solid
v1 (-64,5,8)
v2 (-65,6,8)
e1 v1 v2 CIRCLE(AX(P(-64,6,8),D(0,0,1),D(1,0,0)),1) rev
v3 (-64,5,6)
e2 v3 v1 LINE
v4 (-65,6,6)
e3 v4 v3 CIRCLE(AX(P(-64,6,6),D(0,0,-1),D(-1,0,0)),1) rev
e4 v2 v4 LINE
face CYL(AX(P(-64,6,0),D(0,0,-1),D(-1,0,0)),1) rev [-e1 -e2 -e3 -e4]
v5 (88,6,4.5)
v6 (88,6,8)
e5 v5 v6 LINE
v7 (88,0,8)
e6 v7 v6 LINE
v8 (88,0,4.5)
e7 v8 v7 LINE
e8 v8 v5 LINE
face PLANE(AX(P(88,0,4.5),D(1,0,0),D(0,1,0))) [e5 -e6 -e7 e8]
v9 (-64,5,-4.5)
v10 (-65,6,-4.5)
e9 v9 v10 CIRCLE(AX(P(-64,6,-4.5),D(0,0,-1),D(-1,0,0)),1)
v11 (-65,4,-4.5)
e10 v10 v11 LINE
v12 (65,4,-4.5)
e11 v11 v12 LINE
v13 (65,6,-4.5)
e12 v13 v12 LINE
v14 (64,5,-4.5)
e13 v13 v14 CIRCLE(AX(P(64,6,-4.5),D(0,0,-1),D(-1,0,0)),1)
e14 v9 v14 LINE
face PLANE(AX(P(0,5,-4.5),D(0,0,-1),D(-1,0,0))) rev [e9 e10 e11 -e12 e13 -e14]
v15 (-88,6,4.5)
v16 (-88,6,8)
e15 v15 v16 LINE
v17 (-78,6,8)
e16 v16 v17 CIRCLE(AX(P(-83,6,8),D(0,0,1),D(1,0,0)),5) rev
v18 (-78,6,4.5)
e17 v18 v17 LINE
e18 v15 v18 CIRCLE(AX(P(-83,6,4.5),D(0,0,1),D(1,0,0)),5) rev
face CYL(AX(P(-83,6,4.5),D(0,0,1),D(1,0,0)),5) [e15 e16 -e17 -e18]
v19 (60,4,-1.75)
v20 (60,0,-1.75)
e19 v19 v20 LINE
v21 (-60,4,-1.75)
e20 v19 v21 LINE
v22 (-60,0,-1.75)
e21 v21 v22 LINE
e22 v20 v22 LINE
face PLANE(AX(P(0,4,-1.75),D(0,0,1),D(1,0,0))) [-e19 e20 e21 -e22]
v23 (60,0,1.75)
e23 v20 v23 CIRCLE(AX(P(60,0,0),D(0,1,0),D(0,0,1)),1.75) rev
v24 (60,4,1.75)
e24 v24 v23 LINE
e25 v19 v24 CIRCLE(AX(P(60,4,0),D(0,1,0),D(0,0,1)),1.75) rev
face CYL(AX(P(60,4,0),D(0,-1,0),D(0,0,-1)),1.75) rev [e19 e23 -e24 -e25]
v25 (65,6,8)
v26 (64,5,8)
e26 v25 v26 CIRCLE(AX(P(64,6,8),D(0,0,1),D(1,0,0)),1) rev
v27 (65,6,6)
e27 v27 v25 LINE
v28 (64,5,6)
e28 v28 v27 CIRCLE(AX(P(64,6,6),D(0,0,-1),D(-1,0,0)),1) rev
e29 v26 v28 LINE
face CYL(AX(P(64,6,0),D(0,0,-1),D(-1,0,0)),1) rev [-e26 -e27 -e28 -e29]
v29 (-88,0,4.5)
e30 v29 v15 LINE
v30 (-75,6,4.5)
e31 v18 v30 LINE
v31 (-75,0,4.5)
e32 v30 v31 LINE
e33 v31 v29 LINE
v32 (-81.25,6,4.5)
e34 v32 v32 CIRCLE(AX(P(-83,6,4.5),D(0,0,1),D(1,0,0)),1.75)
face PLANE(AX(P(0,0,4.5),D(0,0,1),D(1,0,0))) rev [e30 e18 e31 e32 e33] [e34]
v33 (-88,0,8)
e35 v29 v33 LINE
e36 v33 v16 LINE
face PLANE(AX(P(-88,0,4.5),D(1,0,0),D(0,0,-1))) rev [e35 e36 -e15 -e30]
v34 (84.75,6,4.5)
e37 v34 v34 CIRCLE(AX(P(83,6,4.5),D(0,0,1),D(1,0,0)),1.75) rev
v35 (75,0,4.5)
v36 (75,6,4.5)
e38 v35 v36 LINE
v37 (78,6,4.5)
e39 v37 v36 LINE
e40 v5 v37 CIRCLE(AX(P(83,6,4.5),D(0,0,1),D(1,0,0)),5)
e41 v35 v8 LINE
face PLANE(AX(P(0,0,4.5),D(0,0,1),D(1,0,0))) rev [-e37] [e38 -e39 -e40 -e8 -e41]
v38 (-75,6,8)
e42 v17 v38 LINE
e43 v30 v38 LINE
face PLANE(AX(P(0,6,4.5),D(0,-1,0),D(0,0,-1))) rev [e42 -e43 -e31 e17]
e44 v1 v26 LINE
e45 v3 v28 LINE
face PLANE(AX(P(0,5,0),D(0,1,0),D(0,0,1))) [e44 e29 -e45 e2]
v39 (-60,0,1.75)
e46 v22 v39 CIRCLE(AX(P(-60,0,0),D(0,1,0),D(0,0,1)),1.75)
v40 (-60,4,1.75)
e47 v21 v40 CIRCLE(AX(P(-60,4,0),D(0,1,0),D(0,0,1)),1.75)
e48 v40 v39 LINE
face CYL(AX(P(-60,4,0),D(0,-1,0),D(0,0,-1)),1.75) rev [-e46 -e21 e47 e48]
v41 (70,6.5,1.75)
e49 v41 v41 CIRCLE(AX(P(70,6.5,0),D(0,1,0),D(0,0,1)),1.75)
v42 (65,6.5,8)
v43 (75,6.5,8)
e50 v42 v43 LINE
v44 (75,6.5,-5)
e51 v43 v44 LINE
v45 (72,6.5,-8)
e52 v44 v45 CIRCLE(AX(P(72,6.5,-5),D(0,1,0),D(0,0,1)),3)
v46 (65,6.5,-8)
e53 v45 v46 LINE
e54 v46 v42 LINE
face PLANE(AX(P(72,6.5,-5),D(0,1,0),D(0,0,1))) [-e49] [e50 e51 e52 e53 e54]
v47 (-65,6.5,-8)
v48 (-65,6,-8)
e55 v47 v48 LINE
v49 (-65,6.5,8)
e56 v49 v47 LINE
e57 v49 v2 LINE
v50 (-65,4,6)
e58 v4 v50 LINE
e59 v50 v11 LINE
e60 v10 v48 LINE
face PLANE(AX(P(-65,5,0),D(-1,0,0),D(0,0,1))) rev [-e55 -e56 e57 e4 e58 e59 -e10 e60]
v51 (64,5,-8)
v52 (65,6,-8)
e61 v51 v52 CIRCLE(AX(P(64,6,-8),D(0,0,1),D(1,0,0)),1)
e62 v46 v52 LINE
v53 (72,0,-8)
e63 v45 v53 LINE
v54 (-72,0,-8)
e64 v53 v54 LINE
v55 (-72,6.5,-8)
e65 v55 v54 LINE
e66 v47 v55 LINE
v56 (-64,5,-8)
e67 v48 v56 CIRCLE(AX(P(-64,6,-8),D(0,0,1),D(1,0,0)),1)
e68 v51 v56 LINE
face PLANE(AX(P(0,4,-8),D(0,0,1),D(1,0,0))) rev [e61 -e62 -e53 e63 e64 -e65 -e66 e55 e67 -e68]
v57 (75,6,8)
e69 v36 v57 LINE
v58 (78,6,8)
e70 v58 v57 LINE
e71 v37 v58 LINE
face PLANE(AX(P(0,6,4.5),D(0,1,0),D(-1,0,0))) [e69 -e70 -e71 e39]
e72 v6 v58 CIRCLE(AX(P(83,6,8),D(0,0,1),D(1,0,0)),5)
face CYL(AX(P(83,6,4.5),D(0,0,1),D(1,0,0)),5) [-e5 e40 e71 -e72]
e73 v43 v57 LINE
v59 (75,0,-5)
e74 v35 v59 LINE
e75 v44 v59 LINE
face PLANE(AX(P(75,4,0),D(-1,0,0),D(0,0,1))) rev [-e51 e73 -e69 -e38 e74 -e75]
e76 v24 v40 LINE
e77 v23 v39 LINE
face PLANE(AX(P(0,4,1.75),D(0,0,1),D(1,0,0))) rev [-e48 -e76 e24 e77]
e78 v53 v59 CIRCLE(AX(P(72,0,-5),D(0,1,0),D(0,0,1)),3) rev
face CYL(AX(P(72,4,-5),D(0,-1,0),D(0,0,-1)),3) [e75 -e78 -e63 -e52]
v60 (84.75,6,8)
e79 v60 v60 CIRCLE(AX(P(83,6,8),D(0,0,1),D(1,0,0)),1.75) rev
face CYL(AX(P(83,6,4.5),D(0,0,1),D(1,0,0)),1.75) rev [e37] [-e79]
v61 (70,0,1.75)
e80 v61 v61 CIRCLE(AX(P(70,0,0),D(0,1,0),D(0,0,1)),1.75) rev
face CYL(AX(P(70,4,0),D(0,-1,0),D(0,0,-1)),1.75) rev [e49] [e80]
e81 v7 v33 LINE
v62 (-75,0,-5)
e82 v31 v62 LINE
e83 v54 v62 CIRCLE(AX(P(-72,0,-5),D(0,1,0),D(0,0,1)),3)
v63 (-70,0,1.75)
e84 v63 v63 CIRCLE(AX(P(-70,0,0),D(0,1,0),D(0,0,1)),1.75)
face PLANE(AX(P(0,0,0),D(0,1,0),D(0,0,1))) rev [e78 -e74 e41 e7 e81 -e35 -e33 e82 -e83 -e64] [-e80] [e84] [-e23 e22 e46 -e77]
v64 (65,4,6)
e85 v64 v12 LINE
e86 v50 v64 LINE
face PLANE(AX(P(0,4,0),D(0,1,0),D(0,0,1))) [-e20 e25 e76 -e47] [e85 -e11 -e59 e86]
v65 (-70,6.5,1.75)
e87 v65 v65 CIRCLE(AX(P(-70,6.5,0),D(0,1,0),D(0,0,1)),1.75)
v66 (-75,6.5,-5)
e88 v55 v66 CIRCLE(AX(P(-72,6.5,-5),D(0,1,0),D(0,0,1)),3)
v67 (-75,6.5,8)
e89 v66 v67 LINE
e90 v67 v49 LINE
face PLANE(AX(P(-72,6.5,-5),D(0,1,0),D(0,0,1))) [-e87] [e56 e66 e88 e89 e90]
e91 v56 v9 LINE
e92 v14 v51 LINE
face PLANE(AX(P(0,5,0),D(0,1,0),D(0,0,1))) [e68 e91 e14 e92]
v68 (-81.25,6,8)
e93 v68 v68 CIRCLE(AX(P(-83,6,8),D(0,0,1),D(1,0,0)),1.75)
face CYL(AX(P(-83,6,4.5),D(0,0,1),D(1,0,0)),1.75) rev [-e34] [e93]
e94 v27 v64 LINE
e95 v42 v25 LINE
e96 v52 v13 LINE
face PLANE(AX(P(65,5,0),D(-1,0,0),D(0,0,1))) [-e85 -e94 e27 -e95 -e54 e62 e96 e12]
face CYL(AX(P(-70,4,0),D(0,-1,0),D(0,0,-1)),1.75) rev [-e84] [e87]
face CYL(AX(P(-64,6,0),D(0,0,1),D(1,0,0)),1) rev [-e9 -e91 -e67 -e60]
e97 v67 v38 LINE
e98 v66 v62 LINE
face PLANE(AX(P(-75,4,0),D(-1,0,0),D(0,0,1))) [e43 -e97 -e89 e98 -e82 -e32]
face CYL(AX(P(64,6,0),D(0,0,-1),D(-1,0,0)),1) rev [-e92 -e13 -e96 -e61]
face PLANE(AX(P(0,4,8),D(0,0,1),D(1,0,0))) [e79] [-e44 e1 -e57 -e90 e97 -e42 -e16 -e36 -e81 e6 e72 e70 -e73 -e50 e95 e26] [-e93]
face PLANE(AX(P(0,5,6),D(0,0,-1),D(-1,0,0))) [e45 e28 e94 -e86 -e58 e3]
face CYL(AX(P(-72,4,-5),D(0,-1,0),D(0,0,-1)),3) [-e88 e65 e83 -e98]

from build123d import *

# Parameters (mm, degrees)
SKETCH1_R           = 1.75
BOSS_EXTRUDE1_DEPTH = 4
SKETCH2_W           = 130
SKETCH2_H           = 10.5
SKETCH2_R           = 1.75
BOSS_EXTRUDE2_DEPTH = 1
SKETCH3_R           = 1.75
BOSS_EXTRUDE3_DEPTH = 1.5
FILLET1_R           = 1
SKETCH4_R           = 1.75
BOSS_EXTRUDE4_DEPTH = 3.5


with BuildPart() as part:
    # Sketch1 → Boss-Extrude1 (new body)
    with BuildSketch(Plane(origin=(0, 0, 0), x_dir=(1, 0, 0), z_dir=(0, 1, 0))):
        with BuildLine():
            Line((-75, -8), (75, -8))
            Line((75, -8), (75, 5))
            ThreePointArc((75, 5), (74.121320344, 7.121320344), (72, 8))
            Line((72, 8), (-72, 8))
            ThreePointArc((-72, 8), (-74.121320344, 7.121320344), (-75, 5))
            Line((-75, 5), (-75, -8))
        make_face()
        with Locations(Location((-70, 0, 0), (0, 0, 270))):
            Circle(SKETCH1_R, mode=Mode.SUBTRACT)
        with BuildLine():
            ThreePointArc((61.75, 0), (61.237436867, -1.237436867), (60, -1.75))
            Line((60, -1.75), (-60, -1.75))
            ThreePointArc((-60, -1.75), (-61.75, 0), (-60, 1.75))
            Line((-60, 1.75), (60, 1.75))
            ThreePointArc((60, 1.75), (61.237436867, 1.237436867), (61.75, 0))
        make_face(mode=Mode.SUBTRACT)
        with Locations(Location((70, 0, 0), (0, 0, 270))):
            Circle(SKETCH1_R, mode=Mode.SUBTRACT)
    extrude(amount=BOSS_EXTRUDE1_DEPTH)

    # Sketch2 → Boss-Extrude2 (add)
    with BuildSketch(Plane(origin=(0, 4, 0), x_dir=(1, 0, 0), z_dir=(0, 1, 0))):
        with BuildLine():
            Line((-75, -8), (75, -8))
            Line((75, -8), (75, 5))
            ThreePointArc((75, 5), (74.121320344, 7.121320344), (72, 8))
            Line((72, 8), (-72, 8))
            ThreePointArc((-72, 8), (-74.121320344, 7.121320344), (-75, 5))
            Line((-75, 5), (-75, -8))
        make_face()
        with Locations((0, -0.75)):
            Rectangle(SKETCH2_W, SKETCH2_H, mode=Mode.SUBTRACT)
        with Locations(Location((-70, 0, 0), (0, 0, 270))):
            Circle(SKETCH2_R, mode=Mode.SUBTRACT)
        with Locations(Location((70, 0, 0), (0, 0, 270))):
            Circle(SKETCH2_R, mode=Mode.SUBTRACT)
    extrude(amount=BOSS_EXTRUDE2_DEPTH)

    # Sketch3 → Boss-Extrude3 (add)
    # profile 1 of 2: a face of its own
    with BuildSketch(Plane(origin=(0, 5, 0), x_dir=(1, 0, 0), z_dir=(0, 1, 0))):
        with BuildLine():
            Line((65, 4.5), (65, 8))
            Line((65, 8), (72, 8))
            ThreePointArc((72, 8), (74.121320344, 7.121320344), (75, 5))
            Line((75, 5), (75, -8))
            Line((75, -8), (65, -8))
            Line((65, -8), (65, -6))
            Line((65, -6), (65, 4.5))
        make_face()
        with Locations(Location((70, 0, 0), (0, 0, 270))):
            Circle(SKETCH3_R, mode=Mode.SUBTRACT)
    # profile 2 of 2: a face of its own
    with BuildSketch(Plane(origin=(0, 5, 0), x_dir=(1, 0, 0), z_dir=(0, 1, 0))):
        with BuildLine():
            Line((-65, 4.5), (-65, 8))
            Line((-65, 8), (-72, 8))
            ThreePointArc((-72, 8), (-74.121320344, 7.121320344), (-75, 5))
            Line((-75, 5), (-75, -8))
            Line((-75, -8), (-65, -8))
            Line((-65, -8), (-65, -6))
            Line((-65, -6), (-65, 4.5))
        make_face()
        with Locations(Location((-70, 0, 0), (0, 0, 270))):
            Circle(SKETCH3_R, mode=Mode.SUBTRACT)
    extrude(amount=BOSS_EXTRUDE3_DEPTH)

    # Fillet1
    fillet1_edges = [part.edges().sort_by_distance(p)[0] for p in [
        (-65, 5, 7),
        (65, 5, 7),
        (65, 5, -6.25),
        (-65, 5, -6.25),
    ]]
    fillet(fillet1_edges, radius=FILLET1_R)

    # Sketch4 → Boss-Extrude4 (add)
    # profile 1 of 2: a face of its own
    with BuildSketch(Plane.XY.offset(8)):
        with BuildLine():
            Line((-88, 0), (-75, 0))
            Line((-75, 0), (-75, 6))
            Line((-75, 6), (-78, 6))
            ThreePointArc((-78, 6), (-83, 11), (-88, 6))
            Line((-88, 6), (-88, 0))
        make_face()
        with Locations((-83, 6)):
            Circle(SKETCH4_R, mode=Mode.SUBTRACT)
    # profile 2 of 2: a face of its own
    with BuildSketch(Plane.XY.offset(8)):
        with BuildLine():
            Line((78, 6), (75, 6))
            Line((75, 6), (75, 0))
            Line((75, 0), (88, 0))
            Line((88, 0), (88, 6))
            ThreePointArc((88, 6), (83, 11), (78, 6))
        make_face()
        with Locations((83, 6)):
            Circle(SKETCH4_R, mode=Mode.SUBTRACT)
    extrude(amount=-BOSS_EXTRUDE4_DEPTH)


solid = part.part
